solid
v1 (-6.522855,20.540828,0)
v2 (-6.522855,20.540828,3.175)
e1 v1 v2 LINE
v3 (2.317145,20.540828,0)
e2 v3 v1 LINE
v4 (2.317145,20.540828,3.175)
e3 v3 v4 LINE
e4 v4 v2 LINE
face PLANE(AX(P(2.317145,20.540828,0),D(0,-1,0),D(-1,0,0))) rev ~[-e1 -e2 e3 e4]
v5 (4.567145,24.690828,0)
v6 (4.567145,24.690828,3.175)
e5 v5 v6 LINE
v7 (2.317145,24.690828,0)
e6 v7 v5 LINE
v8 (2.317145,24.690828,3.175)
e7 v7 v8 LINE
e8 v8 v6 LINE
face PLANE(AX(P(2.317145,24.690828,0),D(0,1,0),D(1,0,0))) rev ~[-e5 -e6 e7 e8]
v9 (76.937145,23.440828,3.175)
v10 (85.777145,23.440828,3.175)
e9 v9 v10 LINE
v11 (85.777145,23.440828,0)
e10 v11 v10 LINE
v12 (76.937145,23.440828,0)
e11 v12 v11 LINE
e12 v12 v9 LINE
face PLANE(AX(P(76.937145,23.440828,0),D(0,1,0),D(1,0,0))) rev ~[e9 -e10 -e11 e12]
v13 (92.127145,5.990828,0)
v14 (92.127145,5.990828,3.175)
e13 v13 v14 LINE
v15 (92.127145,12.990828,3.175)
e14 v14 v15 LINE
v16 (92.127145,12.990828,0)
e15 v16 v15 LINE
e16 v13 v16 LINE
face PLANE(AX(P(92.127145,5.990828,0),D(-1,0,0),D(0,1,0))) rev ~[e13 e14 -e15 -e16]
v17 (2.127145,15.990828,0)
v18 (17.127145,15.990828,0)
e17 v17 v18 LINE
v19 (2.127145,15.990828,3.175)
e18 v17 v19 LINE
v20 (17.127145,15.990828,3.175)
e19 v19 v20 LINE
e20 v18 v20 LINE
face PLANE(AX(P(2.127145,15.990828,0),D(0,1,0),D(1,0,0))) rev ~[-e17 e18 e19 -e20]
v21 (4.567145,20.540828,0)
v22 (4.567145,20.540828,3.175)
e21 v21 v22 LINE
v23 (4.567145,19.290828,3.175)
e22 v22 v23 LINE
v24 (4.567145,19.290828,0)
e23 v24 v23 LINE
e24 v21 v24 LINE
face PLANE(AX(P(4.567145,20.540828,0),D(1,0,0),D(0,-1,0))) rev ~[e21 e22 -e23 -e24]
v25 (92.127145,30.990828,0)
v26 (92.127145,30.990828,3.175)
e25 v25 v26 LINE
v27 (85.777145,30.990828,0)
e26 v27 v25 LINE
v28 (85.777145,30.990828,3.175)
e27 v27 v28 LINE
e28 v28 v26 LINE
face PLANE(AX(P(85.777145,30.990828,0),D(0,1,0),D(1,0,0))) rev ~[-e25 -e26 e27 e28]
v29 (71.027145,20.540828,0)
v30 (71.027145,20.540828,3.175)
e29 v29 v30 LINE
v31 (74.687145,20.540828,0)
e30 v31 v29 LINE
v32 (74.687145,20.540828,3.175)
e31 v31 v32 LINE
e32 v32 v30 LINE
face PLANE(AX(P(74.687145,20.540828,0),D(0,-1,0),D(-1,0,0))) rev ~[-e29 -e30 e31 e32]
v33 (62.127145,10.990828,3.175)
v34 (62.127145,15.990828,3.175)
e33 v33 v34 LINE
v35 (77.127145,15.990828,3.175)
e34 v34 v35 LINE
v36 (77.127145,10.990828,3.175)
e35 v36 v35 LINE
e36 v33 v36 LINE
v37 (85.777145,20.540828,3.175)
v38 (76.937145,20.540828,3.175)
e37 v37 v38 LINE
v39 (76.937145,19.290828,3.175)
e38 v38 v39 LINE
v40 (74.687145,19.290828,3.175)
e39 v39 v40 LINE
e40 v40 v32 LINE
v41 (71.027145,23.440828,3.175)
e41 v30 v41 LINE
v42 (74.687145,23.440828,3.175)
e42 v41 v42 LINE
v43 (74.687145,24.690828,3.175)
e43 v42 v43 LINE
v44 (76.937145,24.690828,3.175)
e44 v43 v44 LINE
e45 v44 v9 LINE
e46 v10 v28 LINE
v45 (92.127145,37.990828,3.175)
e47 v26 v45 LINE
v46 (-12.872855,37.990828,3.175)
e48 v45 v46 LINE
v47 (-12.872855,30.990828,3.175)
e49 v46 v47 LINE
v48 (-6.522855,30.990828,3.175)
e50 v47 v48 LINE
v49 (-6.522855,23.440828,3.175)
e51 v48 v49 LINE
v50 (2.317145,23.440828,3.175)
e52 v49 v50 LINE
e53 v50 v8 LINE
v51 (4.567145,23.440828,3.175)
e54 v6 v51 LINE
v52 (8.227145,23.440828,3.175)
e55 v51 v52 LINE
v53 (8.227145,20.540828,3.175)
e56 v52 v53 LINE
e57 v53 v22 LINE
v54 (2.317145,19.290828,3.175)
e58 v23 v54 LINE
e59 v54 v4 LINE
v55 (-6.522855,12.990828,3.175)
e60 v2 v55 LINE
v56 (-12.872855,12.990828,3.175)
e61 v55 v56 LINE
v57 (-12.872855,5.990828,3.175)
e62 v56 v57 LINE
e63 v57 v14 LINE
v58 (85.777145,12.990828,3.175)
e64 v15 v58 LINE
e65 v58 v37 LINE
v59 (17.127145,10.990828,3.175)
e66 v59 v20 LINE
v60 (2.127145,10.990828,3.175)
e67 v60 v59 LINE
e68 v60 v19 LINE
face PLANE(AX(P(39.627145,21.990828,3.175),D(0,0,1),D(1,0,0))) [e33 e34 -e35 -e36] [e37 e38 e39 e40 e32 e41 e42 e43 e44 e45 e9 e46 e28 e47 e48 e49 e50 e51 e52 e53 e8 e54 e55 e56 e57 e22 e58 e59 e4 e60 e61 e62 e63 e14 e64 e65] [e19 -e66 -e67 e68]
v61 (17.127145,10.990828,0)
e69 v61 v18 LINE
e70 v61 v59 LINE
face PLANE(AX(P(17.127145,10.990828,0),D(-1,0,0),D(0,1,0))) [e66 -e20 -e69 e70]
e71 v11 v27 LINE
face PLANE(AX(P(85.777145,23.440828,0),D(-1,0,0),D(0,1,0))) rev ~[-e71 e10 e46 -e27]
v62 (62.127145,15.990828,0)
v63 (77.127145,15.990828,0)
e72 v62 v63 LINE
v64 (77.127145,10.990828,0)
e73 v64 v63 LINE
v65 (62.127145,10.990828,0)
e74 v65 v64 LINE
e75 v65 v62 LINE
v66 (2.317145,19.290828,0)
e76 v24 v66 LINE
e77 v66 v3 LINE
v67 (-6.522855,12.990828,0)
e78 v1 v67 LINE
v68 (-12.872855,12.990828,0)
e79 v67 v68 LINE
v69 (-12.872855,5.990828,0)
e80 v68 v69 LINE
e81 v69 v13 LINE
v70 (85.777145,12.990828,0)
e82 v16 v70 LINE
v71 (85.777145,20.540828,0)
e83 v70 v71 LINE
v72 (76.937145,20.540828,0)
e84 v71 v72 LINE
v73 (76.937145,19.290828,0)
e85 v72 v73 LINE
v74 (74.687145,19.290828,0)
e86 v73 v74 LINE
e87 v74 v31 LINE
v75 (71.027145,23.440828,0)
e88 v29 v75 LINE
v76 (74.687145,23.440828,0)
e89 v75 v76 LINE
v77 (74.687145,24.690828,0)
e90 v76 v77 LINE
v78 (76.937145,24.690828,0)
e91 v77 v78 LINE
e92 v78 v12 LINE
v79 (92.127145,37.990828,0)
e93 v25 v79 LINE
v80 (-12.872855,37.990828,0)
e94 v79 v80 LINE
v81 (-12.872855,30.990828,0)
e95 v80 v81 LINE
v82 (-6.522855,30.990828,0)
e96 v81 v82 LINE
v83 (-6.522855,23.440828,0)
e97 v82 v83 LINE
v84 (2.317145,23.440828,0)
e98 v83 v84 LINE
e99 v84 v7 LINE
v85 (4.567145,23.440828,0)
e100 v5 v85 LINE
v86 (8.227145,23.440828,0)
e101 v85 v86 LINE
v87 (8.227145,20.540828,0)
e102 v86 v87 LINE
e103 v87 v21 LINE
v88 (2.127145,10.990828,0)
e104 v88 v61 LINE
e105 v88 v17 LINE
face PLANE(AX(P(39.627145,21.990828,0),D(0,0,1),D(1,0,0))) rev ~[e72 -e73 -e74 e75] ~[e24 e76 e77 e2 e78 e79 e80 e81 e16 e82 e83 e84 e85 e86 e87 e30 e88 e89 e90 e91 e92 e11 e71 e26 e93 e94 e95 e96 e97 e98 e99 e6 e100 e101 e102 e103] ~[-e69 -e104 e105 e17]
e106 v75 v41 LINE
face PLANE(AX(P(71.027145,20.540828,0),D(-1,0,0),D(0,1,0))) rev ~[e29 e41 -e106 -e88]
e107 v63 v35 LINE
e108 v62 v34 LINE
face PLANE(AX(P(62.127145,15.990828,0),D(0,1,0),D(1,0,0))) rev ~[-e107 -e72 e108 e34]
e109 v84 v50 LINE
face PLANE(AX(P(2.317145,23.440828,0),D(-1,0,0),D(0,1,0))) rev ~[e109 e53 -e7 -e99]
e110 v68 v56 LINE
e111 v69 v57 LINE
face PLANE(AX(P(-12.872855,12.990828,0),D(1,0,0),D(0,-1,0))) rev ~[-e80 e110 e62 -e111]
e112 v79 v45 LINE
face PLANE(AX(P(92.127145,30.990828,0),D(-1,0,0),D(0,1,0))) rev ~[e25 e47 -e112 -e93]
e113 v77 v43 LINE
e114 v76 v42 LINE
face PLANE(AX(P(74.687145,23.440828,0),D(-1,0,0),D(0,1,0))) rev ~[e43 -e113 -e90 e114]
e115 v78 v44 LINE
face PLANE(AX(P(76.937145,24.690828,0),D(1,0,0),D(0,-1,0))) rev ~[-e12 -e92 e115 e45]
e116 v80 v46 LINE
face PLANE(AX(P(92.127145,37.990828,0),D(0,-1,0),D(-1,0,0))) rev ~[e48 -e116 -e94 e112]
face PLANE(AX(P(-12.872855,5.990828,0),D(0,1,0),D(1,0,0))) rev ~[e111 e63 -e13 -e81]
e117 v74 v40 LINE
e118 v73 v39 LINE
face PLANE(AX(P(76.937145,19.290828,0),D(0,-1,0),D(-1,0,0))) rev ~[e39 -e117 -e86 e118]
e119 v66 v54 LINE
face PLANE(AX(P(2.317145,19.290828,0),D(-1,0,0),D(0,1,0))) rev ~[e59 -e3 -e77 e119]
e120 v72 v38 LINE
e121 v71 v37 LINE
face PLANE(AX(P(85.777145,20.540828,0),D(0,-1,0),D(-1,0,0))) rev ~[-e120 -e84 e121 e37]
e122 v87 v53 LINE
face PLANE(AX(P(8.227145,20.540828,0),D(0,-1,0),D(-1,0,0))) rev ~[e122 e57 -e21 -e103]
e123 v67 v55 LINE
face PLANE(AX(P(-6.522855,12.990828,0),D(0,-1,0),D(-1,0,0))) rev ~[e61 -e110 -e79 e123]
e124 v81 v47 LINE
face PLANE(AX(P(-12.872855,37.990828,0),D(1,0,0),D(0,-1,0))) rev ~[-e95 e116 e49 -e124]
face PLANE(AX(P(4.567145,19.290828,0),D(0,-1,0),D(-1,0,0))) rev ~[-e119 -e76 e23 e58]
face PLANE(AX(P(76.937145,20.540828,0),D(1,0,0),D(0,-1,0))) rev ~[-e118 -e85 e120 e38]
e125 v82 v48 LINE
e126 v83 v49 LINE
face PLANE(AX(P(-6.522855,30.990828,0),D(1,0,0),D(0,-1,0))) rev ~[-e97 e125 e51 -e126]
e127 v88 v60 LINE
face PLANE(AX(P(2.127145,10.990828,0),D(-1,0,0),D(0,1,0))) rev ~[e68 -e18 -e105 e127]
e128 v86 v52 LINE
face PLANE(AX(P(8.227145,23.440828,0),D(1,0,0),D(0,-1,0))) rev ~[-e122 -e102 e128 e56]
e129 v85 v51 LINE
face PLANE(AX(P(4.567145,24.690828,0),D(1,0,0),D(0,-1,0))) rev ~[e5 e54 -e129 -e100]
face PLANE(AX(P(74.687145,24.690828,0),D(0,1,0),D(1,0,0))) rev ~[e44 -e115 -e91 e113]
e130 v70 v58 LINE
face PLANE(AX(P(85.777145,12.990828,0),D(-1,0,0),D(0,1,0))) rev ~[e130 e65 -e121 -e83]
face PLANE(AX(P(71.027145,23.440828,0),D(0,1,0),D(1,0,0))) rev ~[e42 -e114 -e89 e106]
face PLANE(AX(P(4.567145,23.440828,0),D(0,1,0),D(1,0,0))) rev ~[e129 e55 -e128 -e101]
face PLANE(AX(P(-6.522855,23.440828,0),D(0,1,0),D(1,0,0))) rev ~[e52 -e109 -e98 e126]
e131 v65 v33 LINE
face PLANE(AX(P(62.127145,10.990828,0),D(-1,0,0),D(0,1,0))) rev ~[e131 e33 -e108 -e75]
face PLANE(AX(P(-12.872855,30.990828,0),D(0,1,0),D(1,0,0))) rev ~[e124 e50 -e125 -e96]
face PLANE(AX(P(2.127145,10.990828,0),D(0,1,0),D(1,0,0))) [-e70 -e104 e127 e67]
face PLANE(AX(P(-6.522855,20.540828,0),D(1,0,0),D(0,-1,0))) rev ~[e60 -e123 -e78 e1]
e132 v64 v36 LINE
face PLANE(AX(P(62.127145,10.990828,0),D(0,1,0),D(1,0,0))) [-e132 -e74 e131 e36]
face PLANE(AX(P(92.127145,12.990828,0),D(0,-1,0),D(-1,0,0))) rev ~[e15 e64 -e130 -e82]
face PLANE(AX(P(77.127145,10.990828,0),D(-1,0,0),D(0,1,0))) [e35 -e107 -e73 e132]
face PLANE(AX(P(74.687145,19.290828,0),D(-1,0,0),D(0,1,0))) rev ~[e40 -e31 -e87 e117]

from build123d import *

# Parameters (mm, degrees)
SKETCH1_W      = 15
SKETCH1_H      = 5
EXTRUDE1_DEPTH = 3.175


with BuildPart() as part:
    # Sketch1 → Extrude1 (new body)
    with BuildSketch(Plane.XY):
        Polygon((92.127144536, 5.990828295), (92.127144536, 12.990828295), (85.777144536, 12.990828295), (85.777144536, 20.540828295), (76.937144536, 20.540828295), (76.937144536, 19.290828295), (74.687144536, 19.290828295), (74.687144536, 20.540828295), (71.027144536, 20.540828295), (71.027144536, 23.440828295), (74.687144536, 23.440828295), (74.687144536, 24.690828295), (76.937144536, 24.690828295), (76.937144536, 23.440828295), (85.777144536, 23.440828295), (85.777144536, 30.990828295), (92.127144536, 30.990828295), (92.127144536, 37.990828295), (-12.872855464, 37.990828295), (-12.872855464, 30.990828295), (-6.522855464, 30.990828295), (-6.522855464, 23.440828295), (2.317144536, 23.440828295), (2.317144536, 24.690828295), (4.567144536, 24.690828295), (4.567144536, 23.440828295), (8.227144536, 23.440828295), (8.227144536, 20.540828295), (4.567144536, 20.540828295), (4.567144536, 19.290828295), (2.317144536, 19.290828295), (2.317144536, 20.540828295), (-6.522855464, 20.540828295), (-6.522855464, 12.990828295), (-12.872855464, 12.990828295), (-12.872855464, 5.990828295), align=None)
        with Locations((9.627144536, 13.490828295)):
            Rectangle(SKETCH1_W, SKETCH1_H, mode=Mode.SUBTRACT)
        with Locations((69.627144536, 13.490828295)):
            Rectangle(SKETCH1_W, SKETCH1_H, mode=Mode.SUBTRACT)
    extrude(amount=EXTRUDE1_DEPTH)


solid = part.part
